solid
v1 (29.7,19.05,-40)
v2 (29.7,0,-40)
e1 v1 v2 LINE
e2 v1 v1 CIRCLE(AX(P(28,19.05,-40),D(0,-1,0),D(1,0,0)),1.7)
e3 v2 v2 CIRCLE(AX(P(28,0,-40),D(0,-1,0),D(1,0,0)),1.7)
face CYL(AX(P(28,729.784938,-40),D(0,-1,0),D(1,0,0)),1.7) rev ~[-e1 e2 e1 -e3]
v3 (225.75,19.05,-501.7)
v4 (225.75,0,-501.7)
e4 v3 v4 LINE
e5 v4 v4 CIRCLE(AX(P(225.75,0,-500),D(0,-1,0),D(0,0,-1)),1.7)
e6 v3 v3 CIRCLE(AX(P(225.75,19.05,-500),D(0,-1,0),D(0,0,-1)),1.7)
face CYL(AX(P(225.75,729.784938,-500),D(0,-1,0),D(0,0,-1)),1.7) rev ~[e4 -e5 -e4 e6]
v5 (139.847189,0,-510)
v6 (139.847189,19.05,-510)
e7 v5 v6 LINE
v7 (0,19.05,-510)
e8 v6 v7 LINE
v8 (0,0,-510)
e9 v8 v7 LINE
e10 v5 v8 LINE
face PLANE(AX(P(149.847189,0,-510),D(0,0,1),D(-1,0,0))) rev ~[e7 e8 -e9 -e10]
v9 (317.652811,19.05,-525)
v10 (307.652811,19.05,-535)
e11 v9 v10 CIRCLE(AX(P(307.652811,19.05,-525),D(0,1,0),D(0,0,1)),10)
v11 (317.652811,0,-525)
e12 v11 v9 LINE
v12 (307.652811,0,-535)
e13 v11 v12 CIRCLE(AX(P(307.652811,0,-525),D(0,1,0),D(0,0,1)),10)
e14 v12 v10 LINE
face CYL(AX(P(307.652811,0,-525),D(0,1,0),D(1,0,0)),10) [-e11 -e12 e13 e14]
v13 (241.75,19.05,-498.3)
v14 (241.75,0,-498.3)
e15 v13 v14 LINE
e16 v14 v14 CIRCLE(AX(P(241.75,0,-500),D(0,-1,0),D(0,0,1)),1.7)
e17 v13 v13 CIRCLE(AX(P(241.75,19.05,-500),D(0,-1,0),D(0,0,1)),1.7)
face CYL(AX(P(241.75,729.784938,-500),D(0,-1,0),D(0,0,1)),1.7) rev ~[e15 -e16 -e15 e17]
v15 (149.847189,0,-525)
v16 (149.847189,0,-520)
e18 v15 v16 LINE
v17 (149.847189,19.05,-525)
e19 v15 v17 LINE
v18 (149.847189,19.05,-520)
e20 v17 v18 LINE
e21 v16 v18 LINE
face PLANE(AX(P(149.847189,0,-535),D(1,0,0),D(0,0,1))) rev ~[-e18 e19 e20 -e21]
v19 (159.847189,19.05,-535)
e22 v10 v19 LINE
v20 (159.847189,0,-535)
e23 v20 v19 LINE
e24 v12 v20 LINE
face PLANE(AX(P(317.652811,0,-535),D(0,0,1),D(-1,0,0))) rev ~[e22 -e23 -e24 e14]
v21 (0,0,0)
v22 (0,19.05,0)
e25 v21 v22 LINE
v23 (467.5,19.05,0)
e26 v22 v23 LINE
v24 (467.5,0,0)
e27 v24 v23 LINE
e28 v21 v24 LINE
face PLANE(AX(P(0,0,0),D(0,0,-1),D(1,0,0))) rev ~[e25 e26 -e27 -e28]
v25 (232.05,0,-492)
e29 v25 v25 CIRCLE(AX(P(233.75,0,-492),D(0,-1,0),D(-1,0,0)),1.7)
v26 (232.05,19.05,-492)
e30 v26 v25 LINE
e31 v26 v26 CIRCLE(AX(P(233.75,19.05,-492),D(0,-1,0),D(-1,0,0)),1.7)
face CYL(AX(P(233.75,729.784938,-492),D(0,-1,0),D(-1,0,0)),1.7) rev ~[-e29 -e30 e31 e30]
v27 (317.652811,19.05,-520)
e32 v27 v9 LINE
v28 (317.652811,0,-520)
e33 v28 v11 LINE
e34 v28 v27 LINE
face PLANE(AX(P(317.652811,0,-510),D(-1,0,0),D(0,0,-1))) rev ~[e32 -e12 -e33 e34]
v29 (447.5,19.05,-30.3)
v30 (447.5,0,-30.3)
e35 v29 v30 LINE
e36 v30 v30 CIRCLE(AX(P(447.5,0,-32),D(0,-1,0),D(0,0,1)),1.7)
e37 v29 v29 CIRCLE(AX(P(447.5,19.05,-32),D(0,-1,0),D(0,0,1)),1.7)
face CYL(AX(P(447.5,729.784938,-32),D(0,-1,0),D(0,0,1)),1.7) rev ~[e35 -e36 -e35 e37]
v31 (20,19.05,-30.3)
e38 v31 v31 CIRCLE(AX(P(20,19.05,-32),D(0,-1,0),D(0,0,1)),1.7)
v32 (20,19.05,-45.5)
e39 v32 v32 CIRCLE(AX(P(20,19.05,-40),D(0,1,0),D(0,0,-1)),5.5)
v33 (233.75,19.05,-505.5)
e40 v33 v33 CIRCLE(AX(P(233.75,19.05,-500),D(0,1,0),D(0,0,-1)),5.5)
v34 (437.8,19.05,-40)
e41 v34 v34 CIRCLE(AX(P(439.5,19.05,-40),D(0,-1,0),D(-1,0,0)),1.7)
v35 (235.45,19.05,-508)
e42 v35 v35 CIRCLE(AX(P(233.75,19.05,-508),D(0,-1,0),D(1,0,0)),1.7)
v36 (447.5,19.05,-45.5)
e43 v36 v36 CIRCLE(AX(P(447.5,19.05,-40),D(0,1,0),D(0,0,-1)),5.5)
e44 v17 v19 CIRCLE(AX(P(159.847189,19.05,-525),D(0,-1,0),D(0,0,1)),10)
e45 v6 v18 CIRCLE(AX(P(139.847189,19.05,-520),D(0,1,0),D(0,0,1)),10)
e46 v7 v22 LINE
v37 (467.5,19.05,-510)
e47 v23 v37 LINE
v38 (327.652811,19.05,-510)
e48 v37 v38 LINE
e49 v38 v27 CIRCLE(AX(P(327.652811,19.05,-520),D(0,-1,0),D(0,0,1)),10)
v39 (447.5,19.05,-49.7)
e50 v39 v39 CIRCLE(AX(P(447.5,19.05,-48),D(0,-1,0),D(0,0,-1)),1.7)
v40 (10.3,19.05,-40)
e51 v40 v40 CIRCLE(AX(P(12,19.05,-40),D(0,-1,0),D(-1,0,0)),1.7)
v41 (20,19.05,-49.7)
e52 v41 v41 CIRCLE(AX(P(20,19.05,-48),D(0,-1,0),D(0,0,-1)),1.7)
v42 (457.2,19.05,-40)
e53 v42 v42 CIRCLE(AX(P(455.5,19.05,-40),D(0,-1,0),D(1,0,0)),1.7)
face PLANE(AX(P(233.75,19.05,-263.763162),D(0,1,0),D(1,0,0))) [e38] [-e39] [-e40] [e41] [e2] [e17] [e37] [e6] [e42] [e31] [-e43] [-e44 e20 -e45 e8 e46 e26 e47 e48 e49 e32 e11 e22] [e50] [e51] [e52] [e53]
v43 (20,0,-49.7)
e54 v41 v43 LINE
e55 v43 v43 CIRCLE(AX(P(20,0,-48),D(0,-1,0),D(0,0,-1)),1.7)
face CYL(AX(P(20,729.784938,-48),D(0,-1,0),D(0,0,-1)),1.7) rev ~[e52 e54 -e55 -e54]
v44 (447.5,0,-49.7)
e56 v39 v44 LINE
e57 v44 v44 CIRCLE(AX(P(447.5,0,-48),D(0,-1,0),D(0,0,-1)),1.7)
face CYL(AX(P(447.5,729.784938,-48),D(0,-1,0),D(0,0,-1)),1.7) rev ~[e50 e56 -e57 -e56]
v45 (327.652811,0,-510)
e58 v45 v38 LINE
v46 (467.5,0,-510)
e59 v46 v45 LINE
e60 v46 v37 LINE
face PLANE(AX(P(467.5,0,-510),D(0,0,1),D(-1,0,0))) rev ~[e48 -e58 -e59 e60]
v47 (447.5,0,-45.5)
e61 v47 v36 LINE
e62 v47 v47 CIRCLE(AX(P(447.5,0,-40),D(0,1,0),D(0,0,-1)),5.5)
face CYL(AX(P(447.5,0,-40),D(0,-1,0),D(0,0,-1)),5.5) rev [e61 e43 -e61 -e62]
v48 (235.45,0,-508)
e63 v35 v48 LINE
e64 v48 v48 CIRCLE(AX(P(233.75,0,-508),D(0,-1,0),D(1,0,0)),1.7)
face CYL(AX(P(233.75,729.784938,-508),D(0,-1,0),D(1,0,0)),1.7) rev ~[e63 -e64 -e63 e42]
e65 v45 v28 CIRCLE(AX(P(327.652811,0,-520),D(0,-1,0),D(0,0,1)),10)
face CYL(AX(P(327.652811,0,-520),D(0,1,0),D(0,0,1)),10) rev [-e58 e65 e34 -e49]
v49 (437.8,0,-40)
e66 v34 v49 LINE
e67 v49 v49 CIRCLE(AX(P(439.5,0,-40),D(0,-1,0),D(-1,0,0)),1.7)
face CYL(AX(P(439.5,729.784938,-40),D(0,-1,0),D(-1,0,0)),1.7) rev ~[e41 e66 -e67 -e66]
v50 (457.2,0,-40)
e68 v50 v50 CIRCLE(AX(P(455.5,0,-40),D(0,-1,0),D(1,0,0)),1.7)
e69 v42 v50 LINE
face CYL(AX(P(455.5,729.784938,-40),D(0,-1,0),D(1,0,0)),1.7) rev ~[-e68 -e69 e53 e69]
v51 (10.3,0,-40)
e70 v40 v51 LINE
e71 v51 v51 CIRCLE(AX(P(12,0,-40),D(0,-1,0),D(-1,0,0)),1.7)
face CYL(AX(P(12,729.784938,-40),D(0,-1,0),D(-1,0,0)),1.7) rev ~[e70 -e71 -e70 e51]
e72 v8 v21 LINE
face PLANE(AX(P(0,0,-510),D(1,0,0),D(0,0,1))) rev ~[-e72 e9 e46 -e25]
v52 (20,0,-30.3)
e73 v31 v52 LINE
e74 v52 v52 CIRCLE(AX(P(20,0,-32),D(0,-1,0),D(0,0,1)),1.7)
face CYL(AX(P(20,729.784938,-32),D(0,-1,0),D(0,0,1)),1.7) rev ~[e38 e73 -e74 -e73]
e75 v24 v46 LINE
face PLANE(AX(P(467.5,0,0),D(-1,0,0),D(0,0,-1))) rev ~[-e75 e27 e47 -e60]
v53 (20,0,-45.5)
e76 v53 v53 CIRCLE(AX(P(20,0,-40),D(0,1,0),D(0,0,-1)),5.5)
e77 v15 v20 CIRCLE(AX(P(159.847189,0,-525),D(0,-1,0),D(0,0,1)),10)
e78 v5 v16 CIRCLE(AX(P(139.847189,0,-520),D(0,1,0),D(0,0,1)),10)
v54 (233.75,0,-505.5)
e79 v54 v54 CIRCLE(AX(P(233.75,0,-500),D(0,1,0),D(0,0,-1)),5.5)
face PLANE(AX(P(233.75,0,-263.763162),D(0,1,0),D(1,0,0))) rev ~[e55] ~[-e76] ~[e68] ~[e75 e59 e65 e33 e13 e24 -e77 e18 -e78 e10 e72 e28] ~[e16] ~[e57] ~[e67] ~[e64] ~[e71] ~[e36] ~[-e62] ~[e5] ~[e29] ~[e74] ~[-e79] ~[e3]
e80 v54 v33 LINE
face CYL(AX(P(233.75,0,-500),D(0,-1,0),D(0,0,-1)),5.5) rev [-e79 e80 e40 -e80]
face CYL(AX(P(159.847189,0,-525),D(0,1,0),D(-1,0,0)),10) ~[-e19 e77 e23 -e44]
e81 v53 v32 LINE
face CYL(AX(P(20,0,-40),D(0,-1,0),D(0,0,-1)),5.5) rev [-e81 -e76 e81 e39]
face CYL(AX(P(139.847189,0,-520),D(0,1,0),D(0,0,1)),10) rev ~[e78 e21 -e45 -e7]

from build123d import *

# Parameters (mm, degrees)
SKETCH2_R            = 5.5
BOSS_EXTRUDE1_DEPTH  = 19.05
M3_CLEARANCE_HOLE1_D = 3.4
CIRPATTERN1_COUNT    = 4
FILLET1_R            = 10
M3_CLEARANCE_HOLE2_D = 3.4
CIRPATTERN2_COUNT    = 4
M3_CLEARANCE_HOLE3_D = 3.4
CIRPATTERN3_COUNT    = 4


with BuildPart() as part:
    # Sketch2 → Boss-Extrude1 (new body)
    with BuildSketch(Plane(origin=(0, 0, 0), x_dir=(1, 0, 0), z_dir=(0, 1, 0))):
        Polygon((0, 0), (467.5, 0), (467.5, 510), (317.652811453, 510), (317.652811453, 535), (149.847188547, 535), (149.847188547, 510), (0, 510), align=None)
        with Locations(Location((233.75, 500, 0), (0, 0, 90))):
            Circle(SKETCH2_R, mode=Mode.SUBTRACT)
        with Locations(Location((20, 40, 0), (0, 0, 90))):
            Circle(SKETCH2_R, mode=Mode.SUBTRACT)
        with Locations(Location((447.5, 40, 0), (0, 0, 90))):
            Circle(SKETCH2_R, mode=Mode.SUBTRACT)
    extrude(amount=BOSS_EXTRUDE1_DEPTH)

    # M3 Clearance Hole1 (through all)
    with Locations(Plane(origin=(225.75, 19.05, -500), x_dir=(0, 0, 1), z_dir=(0, 1, 0))):
        with Locations((0, 0)):
            m3_clearance_hole1 = Hole(M3_CLEARANCE_HOLE1_D / 2)

    # CirPattern1: M3 Clearance Hole1 ×4 about axis
    cirpattern1_axis = Axis((233.75, 0, -500), (0, 1, 0))
    for i in range(1, CIRPATTERN1_COUNT):
        add(m3_clearance_hole1.rotate(cirpattern1_axis, i * 360 / CIRPATTERN1_COUNT), mode=Mode.SUBTRACT)

    # Fillet1
    fillet1_edges = [part.edges().sort_by_distance(p)[0] for p in [
        (149.847188547, 9.525, -510),
        (149.847188547, 9.525, -535),
        (317.652811453, 9.525, -535),
        (317.652811453, 9.525, -510),
    ]]
    fillet(fillet1_edges, radius=FILLET1_R)

    # M3 Clearance Hole2 (through all)
    with Locations(Plane(origin=(20, 19.05, -48), x_dir=(0, 0, 1), z_dir=(0, 1, 0))):
        with Locations((0, 0)):
            m3_clearance_hole2 = Hole(M3_CLEARANCE_HOLE2_D / 2)

    # CirPattern2: M3 Clearance Hole2 ×4 about axis
    cirpattern2_axis = Axis((20, 0, -40), (0, 1, 0))
    for i in range(1, CIRPATTERN2_COUNT):
        add(m3_clearance_hole2.rotate(cirpattern2_axis, i * 360 / CIRPATTERN2_COUNT), mode=Mode.SUBTRACT)

    # M3 Clearance Hole3 (through all)
    with Locations(Plane(origin=(447.5, 19.05, -48), x_dir=(0, 0, 1), z_dir=(0, 1, 0))):
        with Locations((0, 0)):
            m3_clearance_hole3 = Hole(M3_CLEARANCE_HOLE3_D / 2)

    # CirPattern3: M3 Clearance Hole3 ×4 about axis
    cirpattern3_axis = Axis((447.5, 0, -40), (0, 1, 0))
    for i in range(1, CIRPATTERN3_COUNT):
        add(m3_clearance_hole3.rotate(cirpattern3_axis, i * 360 / CIRPATTERN3_COUNT), mode=Mode.SUBTRACT)


solid = part.part
